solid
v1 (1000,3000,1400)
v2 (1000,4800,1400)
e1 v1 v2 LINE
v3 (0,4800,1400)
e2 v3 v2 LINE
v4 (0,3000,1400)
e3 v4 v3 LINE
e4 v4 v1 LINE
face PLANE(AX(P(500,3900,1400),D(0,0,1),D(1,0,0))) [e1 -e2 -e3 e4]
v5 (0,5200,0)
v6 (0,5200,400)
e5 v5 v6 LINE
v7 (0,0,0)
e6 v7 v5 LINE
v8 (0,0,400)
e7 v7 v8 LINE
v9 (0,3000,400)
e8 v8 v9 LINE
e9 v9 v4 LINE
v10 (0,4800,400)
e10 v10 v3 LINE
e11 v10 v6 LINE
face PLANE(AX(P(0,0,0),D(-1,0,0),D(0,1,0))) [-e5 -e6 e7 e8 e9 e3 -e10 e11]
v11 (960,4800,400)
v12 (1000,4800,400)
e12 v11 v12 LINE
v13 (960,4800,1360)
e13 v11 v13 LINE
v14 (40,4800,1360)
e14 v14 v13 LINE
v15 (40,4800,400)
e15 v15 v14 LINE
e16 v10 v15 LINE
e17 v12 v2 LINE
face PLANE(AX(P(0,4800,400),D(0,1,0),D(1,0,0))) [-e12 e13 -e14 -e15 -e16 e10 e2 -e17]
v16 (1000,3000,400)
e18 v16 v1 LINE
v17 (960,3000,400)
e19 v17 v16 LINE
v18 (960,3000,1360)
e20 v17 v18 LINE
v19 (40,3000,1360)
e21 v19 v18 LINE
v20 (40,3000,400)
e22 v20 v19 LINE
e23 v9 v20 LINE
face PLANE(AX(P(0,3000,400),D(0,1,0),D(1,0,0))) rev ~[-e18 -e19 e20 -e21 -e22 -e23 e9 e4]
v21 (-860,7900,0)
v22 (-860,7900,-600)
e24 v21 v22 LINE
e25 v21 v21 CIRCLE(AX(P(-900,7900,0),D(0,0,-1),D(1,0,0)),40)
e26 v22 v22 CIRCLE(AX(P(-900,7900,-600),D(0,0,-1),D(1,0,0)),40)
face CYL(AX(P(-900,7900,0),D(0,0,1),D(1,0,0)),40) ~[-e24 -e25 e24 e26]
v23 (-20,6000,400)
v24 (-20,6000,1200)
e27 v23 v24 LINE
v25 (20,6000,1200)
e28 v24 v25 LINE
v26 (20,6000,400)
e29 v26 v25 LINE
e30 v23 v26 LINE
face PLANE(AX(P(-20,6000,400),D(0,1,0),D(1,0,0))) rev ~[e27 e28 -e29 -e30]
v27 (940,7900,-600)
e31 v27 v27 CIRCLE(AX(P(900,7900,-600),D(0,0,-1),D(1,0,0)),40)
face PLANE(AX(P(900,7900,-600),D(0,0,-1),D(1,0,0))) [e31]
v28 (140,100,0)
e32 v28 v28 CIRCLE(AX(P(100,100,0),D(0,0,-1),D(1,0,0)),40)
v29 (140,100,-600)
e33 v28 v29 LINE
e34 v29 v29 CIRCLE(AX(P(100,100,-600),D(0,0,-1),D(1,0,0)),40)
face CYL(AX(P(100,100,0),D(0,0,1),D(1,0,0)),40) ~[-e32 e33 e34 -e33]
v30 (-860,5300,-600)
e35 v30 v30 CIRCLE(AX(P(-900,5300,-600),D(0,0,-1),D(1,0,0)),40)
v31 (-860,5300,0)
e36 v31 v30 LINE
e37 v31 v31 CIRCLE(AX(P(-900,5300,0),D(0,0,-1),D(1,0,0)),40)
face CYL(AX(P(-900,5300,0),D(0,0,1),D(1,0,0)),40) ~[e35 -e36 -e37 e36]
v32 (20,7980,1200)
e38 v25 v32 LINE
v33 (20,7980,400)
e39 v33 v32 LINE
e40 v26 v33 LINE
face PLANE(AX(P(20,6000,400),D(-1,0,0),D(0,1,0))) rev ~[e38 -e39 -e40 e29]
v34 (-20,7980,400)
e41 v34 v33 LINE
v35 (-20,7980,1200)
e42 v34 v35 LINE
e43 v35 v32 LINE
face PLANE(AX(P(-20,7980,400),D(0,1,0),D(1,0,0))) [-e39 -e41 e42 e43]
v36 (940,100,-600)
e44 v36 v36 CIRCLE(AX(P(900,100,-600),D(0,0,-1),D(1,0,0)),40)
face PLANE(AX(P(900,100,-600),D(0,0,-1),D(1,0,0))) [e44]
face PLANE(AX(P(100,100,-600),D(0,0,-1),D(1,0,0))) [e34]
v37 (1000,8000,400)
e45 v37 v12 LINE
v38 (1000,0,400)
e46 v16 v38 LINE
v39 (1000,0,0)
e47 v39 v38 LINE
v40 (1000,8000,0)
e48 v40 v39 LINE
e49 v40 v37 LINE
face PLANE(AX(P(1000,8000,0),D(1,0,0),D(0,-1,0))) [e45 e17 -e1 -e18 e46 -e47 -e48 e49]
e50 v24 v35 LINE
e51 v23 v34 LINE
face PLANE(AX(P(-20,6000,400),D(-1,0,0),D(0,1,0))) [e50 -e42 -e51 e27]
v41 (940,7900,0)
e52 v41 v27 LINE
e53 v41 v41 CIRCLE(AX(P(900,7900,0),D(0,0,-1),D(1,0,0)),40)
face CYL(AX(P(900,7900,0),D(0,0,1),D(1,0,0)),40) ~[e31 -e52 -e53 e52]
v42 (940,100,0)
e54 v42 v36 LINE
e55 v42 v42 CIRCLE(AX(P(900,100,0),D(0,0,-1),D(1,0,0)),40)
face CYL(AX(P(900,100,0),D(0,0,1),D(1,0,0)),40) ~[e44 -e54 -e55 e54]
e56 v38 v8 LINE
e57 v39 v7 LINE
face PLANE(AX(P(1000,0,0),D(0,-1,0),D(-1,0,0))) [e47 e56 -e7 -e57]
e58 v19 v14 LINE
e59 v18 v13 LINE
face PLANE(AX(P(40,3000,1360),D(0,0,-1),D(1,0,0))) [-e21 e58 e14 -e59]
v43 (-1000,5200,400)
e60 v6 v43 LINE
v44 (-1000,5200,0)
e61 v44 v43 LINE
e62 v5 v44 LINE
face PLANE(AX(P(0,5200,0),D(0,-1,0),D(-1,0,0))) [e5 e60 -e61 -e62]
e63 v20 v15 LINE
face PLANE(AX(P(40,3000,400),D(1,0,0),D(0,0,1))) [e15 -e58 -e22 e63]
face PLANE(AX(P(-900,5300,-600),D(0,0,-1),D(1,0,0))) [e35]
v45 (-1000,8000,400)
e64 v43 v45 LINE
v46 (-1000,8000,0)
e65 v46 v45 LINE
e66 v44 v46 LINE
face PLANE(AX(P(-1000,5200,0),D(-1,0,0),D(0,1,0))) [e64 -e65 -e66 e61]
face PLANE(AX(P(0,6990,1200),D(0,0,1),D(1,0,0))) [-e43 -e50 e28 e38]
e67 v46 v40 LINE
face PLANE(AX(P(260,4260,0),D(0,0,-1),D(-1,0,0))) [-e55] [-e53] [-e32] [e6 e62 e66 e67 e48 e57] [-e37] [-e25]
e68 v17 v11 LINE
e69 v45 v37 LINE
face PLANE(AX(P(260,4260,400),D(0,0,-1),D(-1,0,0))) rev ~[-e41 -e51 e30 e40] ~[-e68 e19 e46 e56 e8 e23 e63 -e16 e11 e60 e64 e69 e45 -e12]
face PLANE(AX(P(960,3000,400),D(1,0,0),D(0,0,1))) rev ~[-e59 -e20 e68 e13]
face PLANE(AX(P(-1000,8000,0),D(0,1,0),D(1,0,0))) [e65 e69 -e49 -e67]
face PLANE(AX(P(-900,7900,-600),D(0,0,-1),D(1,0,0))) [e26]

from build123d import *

# Parameters (mm, degrees)
PAD_DEPTH    = 400
SKETCH001_R  = 40
PAD001_DEPTH = 600
SKETCH002_W  = 1000
SKETCH002_H  = 1800
PAD002_DEPTH = 1000
SKETCH003_W  = 920
SKETCH003_H  = 960
POCKET_DEPTH = 1800
SKETCH004_W  = 40
SKETCH004_H  = 1980
PAD003_DEPTH = 800


with BuildPart() as part:
    # Sketch → Pad (new body)
    with BuildSketch(Plane.XY):
        Polygon((-1000, 8000), (1000, 8000), (1000, 0), (0, 0), (0, 5200), (-1000, 5200), align=None)
    extrude(amount=PAD_DEPTH)

    # Sketch001 (on Face7 of Pad) → Pad001 (join)
    with BuildSketch(Plane(origin=(0, 0, 0), x_dir=(1, 0, 0), z_dir=(0, 0, -1))):
        with Locations((100, -100)):
            Circle(SKETCH001_R)
        with Locations((900, -100)):
            Circle(SKETCH001_R)
        with Locations((-900, -5300)):
            Circle(SKETCH001_R)
        with Locations((-900, -7900)):
            Circle(SKETCH001_R)
        with Locations((900, -7900)):
            Circle(SKETCH001_R)
    extrude(amount=PAD001_DEPTH)

    # Sketch002 (on Face5 of Pad001) → Pad002 (join)
    with BuildSketch(Plane.XY.offset(400)):
        with Locations((500, 3900)):
            Rectangle(SKETCH002_W, SKETCH002_H)
    extrude(amount=PAD002_DEPTH)

    # Sketch003 (on Face17 of Pad002) → Pocket (cut)
    with BuildSketch(Plane.XZ.offset(-3000)):
        with Locations((500, 880)):
            Rectangle(SKETCH003_W, SKETCH003_H)
    extrude(amount=-POCKET_DEPTH, mode=Mode.SUBTRACT)

    # Sketch004 (on Face4 of Pocket) → Pad003 (join)
    with BuildSketch(Plane.XY.offset(400)):
        with Locations((0, 6990)):
            Rectangle(SKETCH004_W, SKETCH004_H)
    extrude(amount=PAD003_DEPTH)


solid = part.part
